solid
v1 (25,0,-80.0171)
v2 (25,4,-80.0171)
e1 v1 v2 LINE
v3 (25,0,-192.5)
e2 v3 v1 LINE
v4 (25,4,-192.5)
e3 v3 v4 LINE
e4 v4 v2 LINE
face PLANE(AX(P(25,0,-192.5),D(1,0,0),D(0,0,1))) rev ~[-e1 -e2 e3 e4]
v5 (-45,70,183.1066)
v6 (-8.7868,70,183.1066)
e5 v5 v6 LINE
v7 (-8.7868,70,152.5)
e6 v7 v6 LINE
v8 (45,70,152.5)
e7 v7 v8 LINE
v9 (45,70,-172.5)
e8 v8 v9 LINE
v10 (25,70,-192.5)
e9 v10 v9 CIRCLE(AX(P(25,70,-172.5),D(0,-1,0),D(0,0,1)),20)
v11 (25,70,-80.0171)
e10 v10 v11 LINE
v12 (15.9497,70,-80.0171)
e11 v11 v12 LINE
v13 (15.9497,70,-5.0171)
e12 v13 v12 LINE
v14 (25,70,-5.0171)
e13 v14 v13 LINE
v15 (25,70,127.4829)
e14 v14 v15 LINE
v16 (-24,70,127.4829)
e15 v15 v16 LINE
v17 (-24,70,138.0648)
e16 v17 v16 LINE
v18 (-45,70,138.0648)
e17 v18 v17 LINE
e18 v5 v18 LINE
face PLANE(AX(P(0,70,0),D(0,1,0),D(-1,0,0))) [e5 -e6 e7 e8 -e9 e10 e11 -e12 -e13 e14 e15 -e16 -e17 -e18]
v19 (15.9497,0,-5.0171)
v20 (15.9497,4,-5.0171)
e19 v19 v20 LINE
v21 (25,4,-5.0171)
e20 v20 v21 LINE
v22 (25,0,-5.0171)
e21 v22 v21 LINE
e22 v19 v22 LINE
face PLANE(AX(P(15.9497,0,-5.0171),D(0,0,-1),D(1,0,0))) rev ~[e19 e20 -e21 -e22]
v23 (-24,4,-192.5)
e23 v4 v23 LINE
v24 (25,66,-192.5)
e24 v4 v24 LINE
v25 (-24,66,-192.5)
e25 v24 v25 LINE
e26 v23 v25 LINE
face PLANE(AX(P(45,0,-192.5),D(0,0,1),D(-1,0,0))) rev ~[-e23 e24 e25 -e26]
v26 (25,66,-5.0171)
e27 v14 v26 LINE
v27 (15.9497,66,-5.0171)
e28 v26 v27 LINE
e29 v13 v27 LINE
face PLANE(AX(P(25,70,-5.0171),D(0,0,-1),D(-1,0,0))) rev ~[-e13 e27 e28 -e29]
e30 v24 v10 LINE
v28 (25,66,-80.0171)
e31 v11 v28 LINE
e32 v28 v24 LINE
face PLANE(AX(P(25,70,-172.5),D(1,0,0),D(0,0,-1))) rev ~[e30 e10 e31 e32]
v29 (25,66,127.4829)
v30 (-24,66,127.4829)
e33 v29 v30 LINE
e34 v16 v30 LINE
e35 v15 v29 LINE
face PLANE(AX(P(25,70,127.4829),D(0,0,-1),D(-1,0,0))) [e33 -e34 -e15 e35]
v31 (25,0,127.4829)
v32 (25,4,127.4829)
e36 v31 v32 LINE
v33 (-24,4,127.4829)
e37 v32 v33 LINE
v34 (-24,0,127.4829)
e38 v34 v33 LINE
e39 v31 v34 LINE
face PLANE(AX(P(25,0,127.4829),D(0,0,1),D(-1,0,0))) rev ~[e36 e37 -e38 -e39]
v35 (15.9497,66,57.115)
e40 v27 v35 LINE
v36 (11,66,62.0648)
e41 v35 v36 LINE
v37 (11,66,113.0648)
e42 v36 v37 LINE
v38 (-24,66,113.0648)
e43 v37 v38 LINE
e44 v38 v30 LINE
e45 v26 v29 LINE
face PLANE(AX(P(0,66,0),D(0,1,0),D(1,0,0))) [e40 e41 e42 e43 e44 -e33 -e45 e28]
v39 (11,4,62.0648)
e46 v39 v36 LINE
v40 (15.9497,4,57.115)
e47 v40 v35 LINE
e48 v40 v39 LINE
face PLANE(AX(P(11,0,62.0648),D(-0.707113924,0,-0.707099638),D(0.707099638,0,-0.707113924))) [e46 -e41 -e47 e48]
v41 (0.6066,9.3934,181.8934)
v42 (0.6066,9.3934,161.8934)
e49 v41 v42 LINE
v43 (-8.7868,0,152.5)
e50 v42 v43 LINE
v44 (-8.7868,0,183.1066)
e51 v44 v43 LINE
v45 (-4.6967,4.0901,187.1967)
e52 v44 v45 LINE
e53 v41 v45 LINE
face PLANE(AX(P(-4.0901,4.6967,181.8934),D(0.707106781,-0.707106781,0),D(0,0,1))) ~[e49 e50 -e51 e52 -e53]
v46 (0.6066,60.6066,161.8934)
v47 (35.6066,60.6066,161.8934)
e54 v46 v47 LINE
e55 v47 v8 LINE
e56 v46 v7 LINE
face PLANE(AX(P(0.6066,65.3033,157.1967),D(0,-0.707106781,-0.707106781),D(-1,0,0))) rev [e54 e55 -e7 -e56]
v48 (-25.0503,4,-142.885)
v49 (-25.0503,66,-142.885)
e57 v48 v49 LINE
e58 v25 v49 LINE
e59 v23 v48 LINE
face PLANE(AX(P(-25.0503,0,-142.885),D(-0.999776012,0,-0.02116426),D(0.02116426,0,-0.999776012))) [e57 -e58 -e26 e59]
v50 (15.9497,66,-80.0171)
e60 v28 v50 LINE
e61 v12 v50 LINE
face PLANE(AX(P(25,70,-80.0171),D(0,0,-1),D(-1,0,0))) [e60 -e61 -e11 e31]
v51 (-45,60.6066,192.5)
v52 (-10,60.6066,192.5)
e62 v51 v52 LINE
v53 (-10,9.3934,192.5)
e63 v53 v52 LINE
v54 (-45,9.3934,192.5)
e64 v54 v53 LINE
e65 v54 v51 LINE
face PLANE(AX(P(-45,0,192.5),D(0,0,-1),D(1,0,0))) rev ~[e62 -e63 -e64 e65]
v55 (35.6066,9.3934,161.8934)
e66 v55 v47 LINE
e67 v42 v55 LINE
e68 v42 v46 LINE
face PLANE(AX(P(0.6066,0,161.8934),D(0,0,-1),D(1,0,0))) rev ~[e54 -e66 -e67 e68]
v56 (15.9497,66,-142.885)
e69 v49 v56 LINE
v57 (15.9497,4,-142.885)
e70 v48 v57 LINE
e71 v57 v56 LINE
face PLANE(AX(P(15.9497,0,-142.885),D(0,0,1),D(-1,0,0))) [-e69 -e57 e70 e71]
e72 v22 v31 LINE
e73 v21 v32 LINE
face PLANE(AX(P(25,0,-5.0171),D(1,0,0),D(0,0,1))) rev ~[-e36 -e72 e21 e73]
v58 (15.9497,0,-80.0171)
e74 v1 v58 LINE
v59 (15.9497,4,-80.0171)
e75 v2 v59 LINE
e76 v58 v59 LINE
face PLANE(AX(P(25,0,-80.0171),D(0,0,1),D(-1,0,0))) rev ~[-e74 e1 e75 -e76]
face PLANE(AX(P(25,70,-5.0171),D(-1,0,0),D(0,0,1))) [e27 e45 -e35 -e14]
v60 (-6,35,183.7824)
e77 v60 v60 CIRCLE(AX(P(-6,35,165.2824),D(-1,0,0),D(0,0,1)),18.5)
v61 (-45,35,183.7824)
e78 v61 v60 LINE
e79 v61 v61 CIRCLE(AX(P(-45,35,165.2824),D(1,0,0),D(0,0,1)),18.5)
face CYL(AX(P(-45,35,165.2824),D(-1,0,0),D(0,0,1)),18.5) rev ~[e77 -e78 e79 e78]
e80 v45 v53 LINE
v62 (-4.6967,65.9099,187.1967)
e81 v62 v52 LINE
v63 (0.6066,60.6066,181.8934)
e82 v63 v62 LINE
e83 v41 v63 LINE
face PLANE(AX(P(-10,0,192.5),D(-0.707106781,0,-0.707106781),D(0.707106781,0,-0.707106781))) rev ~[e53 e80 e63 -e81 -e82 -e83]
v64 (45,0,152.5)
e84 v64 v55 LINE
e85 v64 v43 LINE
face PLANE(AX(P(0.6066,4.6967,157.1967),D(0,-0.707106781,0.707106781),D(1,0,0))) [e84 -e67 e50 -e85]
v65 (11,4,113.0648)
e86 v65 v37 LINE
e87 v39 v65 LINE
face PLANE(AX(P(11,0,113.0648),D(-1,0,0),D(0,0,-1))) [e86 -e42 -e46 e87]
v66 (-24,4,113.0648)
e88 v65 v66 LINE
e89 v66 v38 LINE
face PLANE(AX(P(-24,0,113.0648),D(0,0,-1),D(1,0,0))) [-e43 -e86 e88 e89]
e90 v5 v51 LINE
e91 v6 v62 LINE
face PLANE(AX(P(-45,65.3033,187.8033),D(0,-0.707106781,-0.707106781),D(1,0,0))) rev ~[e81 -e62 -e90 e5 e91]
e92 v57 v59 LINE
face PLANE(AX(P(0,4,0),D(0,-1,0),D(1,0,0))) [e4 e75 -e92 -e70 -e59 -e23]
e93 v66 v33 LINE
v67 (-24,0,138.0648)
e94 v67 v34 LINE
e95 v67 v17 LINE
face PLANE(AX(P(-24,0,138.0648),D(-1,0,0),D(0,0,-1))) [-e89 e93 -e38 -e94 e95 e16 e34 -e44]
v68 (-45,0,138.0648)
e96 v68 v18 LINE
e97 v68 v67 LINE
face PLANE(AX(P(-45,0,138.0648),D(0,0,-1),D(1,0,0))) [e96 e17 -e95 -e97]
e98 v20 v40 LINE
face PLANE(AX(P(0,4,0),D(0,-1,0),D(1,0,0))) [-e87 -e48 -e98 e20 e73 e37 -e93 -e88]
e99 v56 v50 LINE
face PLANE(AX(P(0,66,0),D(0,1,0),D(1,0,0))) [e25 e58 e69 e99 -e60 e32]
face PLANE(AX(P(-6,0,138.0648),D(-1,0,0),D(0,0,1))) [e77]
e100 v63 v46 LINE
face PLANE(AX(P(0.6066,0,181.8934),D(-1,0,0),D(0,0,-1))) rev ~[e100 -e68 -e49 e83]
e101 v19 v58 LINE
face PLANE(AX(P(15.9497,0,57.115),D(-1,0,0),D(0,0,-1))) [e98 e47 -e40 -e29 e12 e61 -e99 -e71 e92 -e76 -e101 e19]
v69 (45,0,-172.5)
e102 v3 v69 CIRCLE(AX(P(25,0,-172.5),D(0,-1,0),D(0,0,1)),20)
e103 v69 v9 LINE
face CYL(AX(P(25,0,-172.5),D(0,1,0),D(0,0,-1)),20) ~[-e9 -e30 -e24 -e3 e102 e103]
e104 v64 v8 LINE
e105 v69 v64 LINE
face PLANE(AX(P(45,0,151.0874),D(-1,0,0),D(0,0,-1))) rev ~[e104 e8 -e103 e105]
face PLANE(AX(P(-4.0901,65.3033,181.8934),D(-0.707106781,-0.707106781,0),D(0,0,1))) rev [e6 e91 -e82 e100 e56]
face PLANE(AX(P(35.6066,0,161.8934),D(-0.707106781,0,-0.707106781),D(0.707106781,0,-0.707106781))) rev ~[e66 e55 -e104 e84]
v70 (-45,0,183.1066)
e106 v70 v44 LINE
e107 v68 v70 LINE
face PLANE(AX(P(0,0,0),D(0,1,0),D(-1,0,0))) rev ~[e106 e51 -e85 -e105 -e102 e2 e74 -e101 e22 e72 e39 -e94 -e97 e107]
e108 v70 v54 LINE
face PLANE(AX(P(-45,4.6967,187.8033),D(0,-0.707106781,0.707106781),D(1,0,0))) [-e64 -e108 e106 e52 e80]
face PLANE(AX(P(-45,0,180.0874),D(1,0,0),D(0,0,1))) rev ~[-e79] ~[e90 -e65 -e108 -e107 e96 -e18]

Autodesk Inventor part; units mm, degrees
ref_plane "YZ Plane" through (0, 0, 0) normal (1, 0, 0) x (0, 1, 0)
ref_plane "XZ Plane" through (0, 0, 0) normal (0, 1, 0) x (-1, 0, 0)
ref_plane "XY Plane" through (0, 0, 0) normal (0, 0, 1) x (1, 0, 0)
sketch "Sketch1" plane through (0, 0, 0) normal (0, 1, 0) x (-1, 0, 0)
  line L0 (45, 192.5) -> (-45, 192.5)
  line L1 (-45, 192.5) -> (-45, -192.5)
  line L2 (-45, -192.5) -> (45, -192.5)
  line L3 (45, -192.5) -> (45, 192.5)
  line L4 (45, 192.5) -> (-45, -192.5) construction
  line L5 (-45, 192.5) -> (45, -192.5) construction
  line L6 (45, 138.0648) -> (24, 138.0648)
  line L7 (24, 138.0648) -> (24, 113.0648)
  line L8 (24, 113.0648) -> (-11, 113.0648)
  line L9 (-11, 113.0648) -> (-11, 62.0648)
  line L10 (-11, 62.0648) -> (-15.9497, 57.115)
  line L11 (-15.9497, 57.115) -> (-15.9497, -142.885)
  line L12 (-15.9497, -142.885) -> (25.0503, -142.885)
  line L13 (25.0503, -142.885) -> (24, -192.5)
  line L14 (-45, 151.0874) -> (10, 151.0874)
  line L15 (10, 151.0874) -> (10, 180.0874)
  line L16 (10, 180.0874) -> (45, 180.0874)
  line L17 (10, 192.5) -> (-0.6066, 181.8934)
  line L18 (-0.6066, 181.8934) -> (-0.6066, 161.8934)
  line L19 (-0.6066, 161.8934) -> (-35.6066, 161.8934)
  line L20 (-35.6066, 161.8934) -> (-46.4126, 151.0874)
  line L21 (-0.6066, 161.8934) -> (10, 151.0874)
  line L22 (10, 180.0874) -> (3.7937, 186.2937)
  point P0 (0, 0)
  point P1 (-45, 152.5)
  dimension "d0" = 90
  dimension "d1" = 385
  dimension "d25" = 21
  dimension "d27" = 25
  dimension "d28" = 35
  dimension "d29" = 51
  dimension "d30" = 7
  dimension "d31" = 135
  dimension "d32" = 200
  dimension "d33" = 41
  dimension "d34" = 55
  dimension "d35" = 29
  dimension "d36" = 15
  dimension "d37" = 20
  dimension "d38" = 35
extrude "Extrusion1" add sketch "Sketch1" along normal blind 70 contours L3 L16 L22 L17 L0 | L3 L6 L7 L8 L9 L10 L11 L12 L13 L2 L1 L14 L15 L16 | L22 L15 L21 L18 L17 | L20 L19 L21 L14 L1
fillet "Fillet1" radius 20 1 edges at (45, 35, -192.5)
sketch "Sketch2" plane through (0, 70, 0) normal (0, 1, 0) x (1, 0, 0)
  arc A0 (45, 172.5) -> (25, 192.5) centre (25, 172.5) ccw projected
  line L0 (45, 172.5) -> (25, 172.5)
  line L1 (25, 172.5) -> (25, -161.8934)
  line L2 (0.6066, -161.8934) -> (35.6066, -161.8934) projected
  line L3 (25, 172.5) -> (25, 192.5171)
  line L4 (25, 192.5171) -> (25, 80.0171)
  line L5 (25, 80.0171) -> (15.9497, 80.0171)
  line L6 (15.9497, 142.885) -> (15.9497, -57.115) projected
  line L7 (25, 80.0171) -> (25, 5.0171)
  line L8 (25, 5.0171) -> (15.9497, 5.0171)
  line L9 (15.9497, 80.0171) -> (15.9497, 5.0171)
  arc A1 (45, 172.5) -> (25, 192.5) centre (25, 172.5) ccw projected
  line L10 (25, 192.5) -> (-24, 192.5) projected
  line L11 (-24, 192.5) -> (-25.0503, 142.885) projected
  line L12 (-25.0503, 142.885) -> (15.9497, 142.885) projected
  line L13 (15.9497, 142.885) -> (15.9497, -57.115) projected
  line L14 (15.9497, -57.115) -> (11, -62.0648) projected
  line L15 (11, -62.0648) -> (11, -113.0648) projected
  line L16 (11, -113.0648) -> (-24, -113.0648) projected
  line L17 (-24, -113.0648) -> (-24, -138.0648) projected
  line L18 (-24, -138.0648) -> (-45, -138.0648) projected
  line L19 (-45, -138.0648) -> (-45, -192.5) projected
  line L20 (45, -152.5) -> (45, 172.5) projected
  line L21 (25, 5.0171) -> (25, -127.4829)
  line L22 (25, -127.4829) -> (-24, -127.4829)
  line L23 (-45, -192.5) -> (-10, -192.5) projected
  line L24 (-10, -192.5) -> (0.6066, -181.8934) projected
  line L25 (0.6066, -181.8934) -> (0.6066, -161.8934) projected
  line L26 (0.6066, -161.8934) -> (35.6066, -161.8934) projected
  line L27 (35.6066, -161.8934) -> (45, -152.5) projected
  point P0 (0, 0)
  dimension "d45" = 112.5
  dimension "d46" = 75
  dimension "d47" = 132.5
extrude "Extrusion2" cut sketch "Sketch2" against normal blind 4 contours L3 L1 L5 L6 L12 L11 L10 | L1 L22 L17 L16 L15 L14 L6 L8
sketch "Sketch3" plane through (0, 0, 0) normal (0, -1, 0) x (1, 0, 0)
  line L0 (25, -192.5) -> (25, -80.0171) projected
  line L1 (25, -80.0171) -> (15.9497, -80.0171) projected
  line L2 (15.9497, -5.0171) -> (25, -5.0171) projected
  line L3 (25, -5.0171) -> (25, 127.4829) projected
  line L4 (25, 127.4829) -> (-24, 127.4829) projected
  arc A0 (25, -192.5) -> (45, -172.5) centre (25, -172.5) ccw projected
  line L5 (45, 152.5) -> (45, -172.5) projected
  line L6 (35.6066, 161.8934) -> (45, 152.5) projected
  line L7 (0.6066, 161.8934) -> (35.6066, 161.8934) projected
  line L8 (0.6066, 181.8934) -> (0.6066, 161.8934) projected
  line L9 (-10, 192.5) -> (0.6066, 181.8934) projected
  line L10 (-45, 192.5) -> (-10, 192.5) projected
  line L11 (-45, 138.0648) -> (-45, 192.5) projected
  line L12 (-24, 138.0648) -> (-45, 138.0648) projected
  line L13 (-24, 113.0648) -> (-24, 138.0648) projected
  line L14 (11, 113.0648) -> (-24, 113.0648) projected
  line L15 (11, 62.0648) -> (11, 113.0648) projected
  line L16 (15.9497, 57.115) -> (11, 62.0648) projected
  line L17 (15.9497, -142.885) -> (15.9497, 57.115) projected
  line L18 (-25.0503, -142.885) -> (15.9497, -142.885) projected
  line L19 (-24, -192.5) -> (-25.0503, -142.885) projected
  line L20 (25, -192.5) -> (-24, -192.5) projected
  point P0 (0, 0)
extrude "Extrusion3" cut sketch "Sketch3" against normal blind 4 contours L20 L19 L18 L17 L1 L0 | L17 L16 L15 L14 L13 L4 L3 L2
chamfer "Chamfer2" distance 9.3934 angle 45 1 edges at (18.1066, 70, 161.8934)
chamfer "Chamfer3" distance 9.3934 angle 45 2 edges at (0.6066, 70, 171.8934) (-27.5, 70, 192.5)
chamfer "Chamfer4" distance 9.3934 angle 45 1 edges at (18.1066, 0, 161.8934)
chamfer "Chamfer5" distance 9.3934 angle 45 2 edges at (0.6066, 0, 171.8934) (-27.5, 0, 192.5)
sketch "Sketch4" plane through (-45, 0, 138.0648) normal (-1, 0, 0) x (0, 0, 1)
  line L0 (0, 0) -> (0, 70) projected
  line L1 (0, 0) -> (54.4352, 70)
  line L2 (0, 70) -> (54.4352, 0)
  circle A0 centre (27.2176, 35) radius 18.5
  point P0 (-138.0648, 0)
  dimension "d64" = 37
extrude "Extrusion4" cut sketch "Sketch4" against normal blind 39 contours A0 L2 L1 | L1 L2 A0 | A0 L1 L2 | L1 A0 L2
